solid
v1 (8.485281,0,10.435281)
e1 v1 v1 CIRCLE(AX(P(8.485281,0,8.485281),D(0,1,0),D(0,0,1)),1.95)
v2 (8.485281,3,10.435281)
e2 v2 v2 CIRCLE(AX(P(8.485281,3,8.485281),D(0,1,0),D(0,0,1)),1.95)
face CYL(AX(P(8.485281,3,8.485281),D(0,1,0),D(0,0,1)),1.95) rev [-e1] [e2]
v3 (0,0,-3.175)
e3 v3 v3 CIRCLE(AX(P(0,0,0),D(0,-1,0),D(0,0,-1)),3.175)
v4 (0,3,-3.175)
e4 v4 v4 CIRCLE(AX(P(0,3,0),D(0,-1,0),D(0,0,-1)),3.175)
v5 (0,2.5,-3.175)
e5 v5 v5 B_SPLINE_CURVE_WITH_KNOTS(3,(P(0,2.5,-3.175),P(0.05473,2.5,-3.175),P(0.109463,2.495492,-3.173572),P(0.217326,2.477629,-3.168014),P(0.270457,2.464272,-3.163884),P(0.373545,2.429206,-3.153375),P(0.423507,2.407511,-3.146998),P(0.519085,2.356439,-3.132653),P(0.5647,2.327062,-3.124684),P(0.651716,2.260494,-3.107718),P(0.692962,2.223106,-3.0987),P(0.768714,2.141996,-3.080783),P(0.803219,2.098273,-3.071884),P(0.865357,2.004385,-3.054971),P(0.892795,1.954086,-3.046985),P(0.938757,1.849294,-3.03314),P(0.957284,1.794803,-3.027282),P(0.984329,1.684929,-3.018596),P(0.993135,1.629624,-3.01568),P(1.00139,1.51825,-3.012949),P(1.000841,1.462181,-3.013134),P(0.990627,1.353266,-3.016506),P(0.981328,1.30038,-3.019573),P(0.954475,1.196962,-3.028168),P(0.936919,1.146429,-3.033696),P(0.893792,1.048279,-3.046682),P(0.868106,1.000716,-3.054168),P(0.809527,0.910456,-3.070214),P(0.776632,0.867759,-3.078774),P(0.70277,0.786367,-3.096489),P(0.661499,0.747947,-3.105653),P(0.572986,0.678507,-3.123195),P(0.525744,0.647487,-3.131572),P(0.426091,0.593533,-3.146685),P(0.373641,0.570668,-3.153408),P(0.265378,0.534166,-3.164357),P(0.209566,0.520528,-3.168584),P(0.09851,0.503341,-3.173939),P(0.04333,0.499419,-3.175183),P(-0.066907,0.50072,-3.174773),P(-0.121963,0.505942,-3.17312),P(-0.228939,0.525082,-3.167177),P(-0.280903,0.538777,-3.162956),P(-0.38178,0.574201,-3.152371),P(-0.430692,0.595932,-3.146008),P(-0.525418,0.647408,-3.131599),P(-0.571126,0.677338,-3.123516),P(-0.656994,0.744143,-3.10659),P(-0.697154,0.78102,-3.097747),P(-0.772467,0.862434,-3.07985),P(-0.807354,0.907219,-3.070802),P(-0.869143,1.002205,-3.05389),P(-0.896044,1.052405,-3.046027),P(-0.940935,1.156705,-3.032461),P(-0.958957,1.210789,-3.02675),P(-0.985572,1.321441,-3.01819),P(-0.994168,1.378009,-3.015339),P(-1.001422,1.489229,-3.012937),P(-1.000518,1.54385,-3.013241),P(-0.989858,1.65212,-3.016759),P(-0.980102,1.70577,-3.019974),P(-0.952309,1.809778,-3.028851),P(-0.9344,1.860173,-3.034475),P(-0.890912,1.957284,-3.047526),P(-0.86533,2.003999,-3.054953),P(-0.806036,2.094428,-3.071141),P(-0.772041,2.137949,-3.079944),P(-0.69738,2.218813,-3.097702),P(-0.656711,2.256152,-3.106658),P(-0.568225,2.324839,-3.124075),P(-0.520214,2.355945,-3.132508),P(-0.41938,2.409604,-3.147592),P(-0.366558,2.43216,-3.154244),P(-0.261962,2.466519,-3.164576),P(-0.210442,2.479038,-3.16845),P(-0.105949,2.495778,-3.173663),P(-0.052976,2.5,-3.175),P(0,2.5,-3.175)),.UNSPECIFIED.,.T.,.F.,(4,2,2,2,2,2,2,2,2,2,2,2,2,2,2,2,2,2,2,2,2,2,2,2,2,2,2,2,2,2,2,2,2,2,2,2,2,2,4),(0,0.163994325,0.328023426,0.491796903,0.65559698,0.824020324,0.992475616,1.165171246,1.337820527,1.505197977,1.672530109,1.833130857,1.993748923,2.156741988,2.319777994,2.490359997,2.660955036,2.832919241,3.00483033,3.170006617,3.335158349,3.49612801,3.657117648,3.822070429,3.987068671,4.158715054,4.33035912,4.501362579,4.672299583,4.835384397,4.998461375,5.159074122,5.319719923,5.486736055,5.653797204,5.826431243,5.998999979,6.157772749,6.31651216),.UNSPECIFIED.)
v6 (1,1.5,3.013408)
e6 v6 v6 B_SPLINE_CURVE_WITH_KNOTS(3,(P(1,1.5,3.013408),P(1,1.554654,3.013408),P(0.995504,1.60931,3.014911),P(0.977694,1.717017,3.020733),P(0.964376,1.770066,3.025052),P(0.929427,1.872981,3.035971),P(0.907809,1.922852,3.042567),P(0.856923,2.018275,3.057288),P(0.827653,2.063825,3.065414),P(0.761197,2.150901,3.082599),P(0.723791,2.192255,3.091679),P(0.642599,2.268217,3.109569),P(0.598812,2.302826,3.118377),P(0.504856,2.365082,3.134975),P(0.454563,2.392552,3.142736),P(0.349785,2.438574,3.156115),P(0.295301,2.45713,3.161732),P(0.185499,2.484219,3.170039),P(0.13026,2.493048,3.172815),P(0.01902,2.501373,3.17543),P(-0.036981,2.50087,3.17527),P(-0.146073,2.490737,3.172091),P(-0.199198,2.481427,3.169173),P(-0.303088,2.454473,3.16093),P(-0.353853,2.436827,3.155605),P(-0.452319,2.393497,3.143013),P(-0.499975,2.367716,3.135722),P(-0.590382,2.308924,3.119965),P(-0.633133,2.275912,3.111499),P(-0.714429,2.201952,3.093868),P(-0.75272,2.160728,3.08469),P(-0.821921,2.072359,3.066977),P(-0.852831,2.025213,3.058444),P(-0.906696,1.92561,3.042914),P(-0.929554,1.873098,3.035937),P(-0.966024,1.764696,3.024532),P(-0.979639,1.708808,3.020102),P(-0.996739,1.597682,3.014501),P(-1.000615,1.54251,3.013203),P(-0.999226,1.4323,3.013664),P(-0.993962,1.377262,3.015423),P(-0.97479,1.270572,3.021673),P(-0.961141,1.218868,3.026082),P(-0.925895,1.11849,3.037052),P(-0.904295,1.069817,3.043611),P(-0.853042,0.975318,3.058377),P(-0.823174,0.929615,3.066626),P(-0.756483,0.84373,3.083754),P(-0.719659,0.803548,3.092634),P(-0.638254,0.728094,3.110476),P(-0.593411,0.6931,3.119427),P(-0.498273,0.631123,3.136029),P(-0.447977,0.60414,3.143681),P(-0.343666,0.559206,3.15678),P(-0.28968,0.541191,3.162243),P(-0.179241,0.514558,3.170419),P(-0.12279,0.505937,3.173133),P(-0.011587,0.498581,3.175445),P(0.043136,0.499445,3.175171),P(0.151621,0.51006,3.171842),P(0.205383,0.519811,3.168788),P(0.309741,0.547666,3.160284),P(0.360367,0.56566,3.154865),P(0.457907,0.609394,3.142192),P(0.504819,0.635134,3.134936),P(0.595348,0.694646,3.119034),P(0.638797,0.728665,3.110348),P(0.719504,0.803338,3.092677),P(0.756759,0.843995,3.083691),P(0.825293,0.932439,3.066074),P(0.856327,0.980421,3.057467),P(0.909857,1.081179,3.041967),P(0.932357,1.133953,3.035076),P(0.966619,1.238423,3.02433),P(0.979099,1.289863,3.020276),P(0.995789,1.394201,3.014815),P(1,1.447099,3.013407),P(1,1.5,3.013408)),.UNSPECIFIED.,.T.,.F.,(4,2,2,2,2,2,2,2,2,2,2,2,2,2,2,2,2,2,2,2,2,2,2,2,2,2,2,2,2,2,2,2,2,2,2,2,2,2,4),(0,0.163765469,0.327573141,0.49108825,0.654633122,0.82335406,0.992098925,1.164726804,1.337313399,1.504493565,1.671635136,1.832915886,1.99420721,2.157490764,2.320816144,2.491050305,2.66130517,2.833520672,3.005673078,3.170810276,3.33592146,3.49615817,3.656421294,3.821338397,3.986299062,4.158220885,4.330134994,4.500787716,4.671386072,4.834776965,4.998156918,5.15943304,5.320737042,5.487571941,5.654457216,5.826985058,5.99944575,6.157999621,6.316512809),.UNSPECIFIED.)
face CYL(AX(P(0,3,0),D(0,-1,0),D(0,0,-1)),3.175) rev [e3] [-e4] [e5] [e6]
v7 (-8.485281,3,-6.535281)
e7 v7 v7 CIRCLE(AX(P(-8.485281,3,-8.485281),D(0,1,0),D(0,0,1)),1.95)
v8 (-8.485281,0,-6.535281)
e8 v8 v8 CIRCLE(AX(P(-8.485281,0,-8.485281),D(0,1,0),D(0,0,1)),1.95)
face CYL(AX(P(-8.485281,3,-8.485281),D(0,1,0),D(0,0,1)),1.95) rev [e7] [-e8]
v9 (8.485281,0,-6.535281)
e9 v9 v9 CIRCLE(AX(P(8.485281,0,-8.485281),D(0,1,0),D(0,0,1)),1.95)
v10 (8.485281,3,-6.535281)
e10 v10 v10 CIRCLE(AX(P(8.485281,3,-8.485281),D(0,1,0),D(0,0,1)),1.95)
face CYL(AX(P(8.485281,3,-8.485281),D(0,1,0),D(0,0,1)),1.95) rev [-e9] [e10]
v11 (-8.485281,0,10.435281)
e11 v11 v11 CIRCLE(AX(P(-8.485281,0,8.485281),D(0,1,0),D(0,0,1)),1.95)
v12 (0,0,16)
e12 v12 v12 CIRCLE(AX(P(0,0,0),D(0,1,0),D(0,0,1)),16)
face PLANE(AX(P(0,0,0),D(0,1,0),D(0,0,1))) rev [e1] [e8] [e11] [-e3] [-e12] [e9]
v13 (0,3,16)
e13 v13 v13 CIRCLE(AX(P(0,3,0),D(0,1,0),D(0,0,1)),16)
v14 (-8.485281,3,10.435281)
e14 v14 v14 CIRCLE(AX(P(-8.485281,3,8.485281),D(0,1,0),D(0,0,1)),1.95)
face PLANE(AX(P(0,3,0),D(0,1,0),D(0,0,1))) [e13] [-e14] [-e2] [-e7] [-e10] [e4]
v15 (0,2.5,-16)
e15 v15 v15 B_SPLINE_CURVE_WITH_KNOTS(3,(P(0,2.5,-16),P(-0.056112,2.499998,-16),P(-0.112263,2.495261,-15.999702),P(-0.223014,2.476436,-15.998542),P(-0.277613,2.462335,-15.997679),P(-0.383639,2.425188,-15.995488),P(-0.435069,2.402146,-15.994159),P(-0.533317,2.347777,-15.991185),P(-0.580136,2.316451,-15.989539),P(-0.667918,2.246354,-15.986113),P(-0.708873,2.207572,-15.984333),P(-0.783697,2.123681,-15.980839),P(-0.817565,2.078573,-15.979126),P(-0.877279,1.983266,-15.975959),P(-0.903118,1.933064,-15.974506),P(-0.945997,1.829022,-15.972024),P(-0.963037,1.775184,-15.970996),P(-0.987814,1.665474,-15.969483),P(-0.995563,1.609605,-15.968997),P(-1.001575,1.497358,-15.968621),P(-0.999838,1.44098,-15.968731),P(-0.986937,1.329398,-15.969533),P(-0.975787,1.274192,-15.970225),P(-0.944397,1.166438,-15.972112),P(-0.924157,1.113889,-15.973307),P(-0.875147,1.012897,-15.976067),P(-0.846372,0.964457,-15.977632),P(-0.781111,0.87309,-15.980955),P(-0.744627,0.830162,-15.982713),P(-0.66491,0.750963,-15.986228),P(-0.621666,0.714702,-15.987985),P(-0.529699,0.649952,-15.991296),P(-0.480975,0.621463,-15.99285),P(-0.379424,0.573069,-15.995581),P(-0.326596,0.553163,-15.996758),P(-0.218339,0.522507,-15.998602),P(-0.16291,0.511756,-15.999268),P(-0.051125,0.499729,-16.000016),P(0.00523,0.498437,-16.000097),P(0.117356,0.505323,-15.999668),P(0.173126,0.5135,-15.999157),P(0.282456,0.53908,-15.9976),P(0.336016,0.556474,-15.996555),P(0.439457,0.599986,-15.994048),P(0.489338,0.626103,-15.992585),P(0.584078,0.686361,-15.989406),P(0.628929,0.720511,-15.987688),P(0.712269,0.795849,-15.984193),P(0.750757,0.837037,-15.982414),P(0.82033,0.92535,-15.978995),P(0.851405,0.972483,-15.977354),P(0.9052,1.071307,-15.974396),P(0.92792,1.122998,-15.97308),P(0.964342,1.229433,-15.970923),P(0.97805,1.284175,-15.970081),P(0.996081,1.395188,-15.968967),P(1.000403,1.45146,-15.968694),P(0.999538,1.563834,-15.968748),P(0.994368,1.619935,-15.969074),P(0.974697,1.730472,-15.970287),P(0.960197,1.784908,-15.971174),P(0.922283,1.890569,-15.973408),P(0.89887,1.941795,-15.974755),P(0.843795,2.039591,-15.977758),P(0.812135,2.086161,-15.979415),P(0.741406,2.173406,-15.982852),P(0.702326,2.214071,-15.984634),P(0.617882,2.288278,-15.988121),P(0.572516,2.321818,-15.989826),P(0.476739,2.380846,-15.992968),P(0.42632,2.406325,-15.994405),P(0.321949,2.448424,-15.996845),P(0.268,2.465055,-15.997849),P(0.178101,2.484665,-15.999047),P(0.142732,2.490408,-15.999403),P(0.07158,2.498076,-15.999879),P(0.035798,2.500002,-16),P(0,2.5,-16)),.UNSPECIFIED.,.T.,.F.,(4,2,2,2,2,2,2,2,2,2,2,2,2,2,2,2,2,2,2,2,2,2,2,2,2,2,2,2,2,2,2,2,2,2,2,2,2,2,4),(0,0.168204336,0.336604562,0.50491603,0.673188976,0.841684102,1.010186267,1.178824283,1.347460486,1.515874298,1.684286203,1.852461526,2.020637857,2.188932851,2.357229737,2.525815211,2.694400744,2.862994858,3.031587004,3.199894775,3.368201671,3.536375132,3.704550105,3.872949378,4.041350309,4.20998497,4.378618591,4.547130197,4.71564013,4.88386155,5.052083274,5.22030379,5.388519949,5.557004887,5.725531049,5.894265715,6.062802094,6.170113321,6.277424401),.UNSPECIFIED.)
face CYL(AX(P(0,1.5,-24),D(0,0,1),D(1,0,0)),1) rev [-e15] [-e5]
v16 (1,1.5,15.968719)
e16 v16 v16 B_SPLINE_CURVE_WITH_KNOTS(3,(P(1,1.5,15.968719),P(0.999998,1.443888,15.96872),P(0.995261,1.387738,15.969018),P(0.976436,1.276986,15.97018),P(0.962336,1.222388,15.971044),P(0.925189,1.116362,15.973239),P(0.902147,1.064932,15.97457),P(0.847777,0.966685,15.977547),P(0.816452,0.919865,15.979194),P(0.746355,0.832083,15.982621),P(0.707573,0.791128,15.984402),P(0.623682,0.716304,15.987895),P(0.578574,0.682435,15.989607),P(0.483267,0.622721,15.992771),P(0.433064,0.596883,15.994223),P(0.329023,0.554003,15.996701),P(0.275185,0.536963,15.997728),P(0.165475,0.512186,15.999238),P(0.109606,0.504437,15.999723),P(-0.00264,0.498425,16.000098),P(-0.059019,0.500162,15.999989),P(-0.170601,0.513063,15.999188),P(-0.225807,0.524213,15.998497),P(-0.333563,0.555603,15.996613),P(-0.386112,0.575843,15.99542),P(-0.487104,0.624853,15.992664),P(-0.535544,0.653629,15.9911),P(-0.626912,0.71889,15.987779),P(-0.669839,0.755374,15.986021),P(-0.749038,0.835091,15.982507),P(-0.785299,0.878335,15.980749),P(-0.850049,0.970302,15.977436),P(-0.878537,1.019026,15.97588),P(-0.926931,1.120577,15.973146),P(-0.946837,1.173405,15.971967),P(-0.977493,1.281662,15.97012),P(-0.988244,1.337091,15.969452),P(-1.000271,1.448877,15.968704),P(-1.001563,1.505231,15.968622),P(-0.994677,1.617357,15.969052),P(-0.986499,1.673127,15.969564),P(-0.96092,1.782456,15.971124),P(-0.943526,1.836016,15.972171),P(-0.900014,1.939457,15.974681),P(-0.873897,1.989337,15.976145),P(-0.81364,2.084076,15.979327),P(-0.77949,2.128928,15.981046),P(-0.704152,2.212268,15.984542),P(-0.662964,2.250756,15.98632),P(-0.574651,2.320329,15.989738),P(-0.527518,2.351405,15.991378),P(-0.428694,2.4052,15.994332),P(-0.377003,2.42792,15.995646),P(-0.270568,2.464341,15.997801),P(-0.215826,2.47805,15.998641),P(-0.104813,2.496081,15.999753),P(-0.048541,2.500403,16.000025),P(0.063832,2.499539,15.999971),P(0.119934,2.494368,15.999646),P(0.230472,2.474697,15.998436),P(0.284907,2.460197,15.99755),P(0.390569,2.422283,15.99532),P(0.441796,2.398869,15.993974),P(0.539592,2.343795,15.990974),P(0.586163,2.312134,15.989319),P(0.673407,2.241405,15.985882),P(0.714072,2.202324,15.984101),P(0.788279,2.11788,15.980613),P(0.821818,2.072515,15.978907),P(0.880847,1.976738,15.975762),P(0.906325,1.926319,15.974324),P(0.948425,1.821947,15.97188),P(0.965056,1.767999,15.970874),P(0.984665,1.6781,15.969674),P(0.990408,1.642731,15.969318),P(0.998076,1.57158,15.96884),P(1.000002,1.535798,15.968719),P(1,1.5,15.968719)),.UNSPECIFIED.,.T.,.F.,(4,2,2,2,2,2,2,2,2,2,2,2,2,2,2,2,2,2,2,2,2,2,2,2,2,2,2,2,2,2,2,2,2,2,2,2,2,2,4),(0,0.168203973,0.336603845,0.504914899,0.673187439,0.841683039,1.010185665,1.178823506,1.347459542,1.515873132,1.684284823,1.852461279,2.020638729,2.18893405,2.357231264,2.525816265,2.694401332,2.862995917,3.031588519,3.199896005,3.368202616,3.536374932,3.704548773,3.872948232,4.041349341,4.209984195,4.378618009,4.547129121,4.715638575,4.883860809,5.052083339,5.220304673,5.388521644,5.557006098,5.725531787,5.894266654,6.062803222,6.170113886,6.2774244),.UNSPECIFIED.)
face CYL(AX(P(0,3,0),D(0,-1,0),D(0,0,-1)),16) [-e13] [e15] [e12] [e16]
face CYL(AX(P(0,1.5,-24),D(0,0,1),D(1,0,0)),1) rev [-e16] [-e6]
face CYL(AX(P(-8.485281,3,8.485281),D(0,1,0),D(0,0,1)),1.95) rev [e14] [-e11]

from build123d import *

# Parameters (mm, degrees)
SKETCH1_R             = 16
BOSS_EXTRUDE1_DEPTH   = 3
F_3_0MM_DOWEL_HOLE1_D = 3.9
SKETCH6_R             = 3.175
CUT_EXTRUDE3_DEPTH    = 23.825424421
SKETCH14_R            = 1
CUT_EXTRUDE4_DEPTH    = 40
SKETCH7_R             = 1
CUT_EXTRUDE1_DEPTH    = 10.5
SKETCH11_R            = 1.9
CUT_EXTRUDE2_DEPTH    = 2


with BuildPart() as part:
    # Sketch1 → Boss-Extrude1 (new body)
    with BuildSketch(Plane(origin=(0, 0, 0), x_dir=(1, 0, 0), z_dir=(0, 1, 0))):
        with Locations(Location((0, 0, 0), (0, 0, 270))):
            Circle(SKETCH1_R)
    extrude(amount=BOSS_EXTRUDE1_DEPTH)

    # Ø3.0mm Dowel Hole1 (through all)
    with Locations(Plane(origin=(8.485281374, 3, 8.485281374), x_dir=(0, 0, 1), z_dir=(0, 1, 0))):
        with Locations((0, 0), (0, -16.970562748), (-16.970562748, -16.970562748), (-16.970562748, 0)):
            Hole(F_3_0MM_DOWEL_HOLE1_D / 2)

    # Sketch6 → Cut-Extrude3 (cut, through all)
    with BuildSketch(Plane.XZ):
        with Locations(Location((0, 0, 0), (0, 0, 270))):
            Circle(SKETCH6_R)
    extrude(amount=-CUT_EXTRUDE3_DEPTH, mode=Mode.SUBTRACT)

    # Sketch14 → Cut-Extrude4 (cut)
    with BuildSketch(Plane.XY.offset(16)):
        with Locations((0, 1.5)):
            Circle(SKETCH14_R)
    extrude(amount=-CUT_EXTRUDE4_DEPTH, mode=Mode.SUBTRACT)

    # Sketch7 → Cut-Extrude1 (cut)
    with BuildSketch(Plane.XY):
        with Locations((0, -5)):
            Circle(SKETCH7_R)
    extrude(amount=CUT_EXTRUDE1_DEPTH, mode=Mode.SUBTRACT)

    # Sketch11 → Cut-Extrude2 (cut)
    with BuildSketch(Plane.XY.offset(7)):
        with Locations((0, -5)):
            Circle(SKETCH11_R)
    extrude(amount=-CUT_EXTRUDE2_DEPTH, mode=Mode.SUBTRACT)


solid = part.part
